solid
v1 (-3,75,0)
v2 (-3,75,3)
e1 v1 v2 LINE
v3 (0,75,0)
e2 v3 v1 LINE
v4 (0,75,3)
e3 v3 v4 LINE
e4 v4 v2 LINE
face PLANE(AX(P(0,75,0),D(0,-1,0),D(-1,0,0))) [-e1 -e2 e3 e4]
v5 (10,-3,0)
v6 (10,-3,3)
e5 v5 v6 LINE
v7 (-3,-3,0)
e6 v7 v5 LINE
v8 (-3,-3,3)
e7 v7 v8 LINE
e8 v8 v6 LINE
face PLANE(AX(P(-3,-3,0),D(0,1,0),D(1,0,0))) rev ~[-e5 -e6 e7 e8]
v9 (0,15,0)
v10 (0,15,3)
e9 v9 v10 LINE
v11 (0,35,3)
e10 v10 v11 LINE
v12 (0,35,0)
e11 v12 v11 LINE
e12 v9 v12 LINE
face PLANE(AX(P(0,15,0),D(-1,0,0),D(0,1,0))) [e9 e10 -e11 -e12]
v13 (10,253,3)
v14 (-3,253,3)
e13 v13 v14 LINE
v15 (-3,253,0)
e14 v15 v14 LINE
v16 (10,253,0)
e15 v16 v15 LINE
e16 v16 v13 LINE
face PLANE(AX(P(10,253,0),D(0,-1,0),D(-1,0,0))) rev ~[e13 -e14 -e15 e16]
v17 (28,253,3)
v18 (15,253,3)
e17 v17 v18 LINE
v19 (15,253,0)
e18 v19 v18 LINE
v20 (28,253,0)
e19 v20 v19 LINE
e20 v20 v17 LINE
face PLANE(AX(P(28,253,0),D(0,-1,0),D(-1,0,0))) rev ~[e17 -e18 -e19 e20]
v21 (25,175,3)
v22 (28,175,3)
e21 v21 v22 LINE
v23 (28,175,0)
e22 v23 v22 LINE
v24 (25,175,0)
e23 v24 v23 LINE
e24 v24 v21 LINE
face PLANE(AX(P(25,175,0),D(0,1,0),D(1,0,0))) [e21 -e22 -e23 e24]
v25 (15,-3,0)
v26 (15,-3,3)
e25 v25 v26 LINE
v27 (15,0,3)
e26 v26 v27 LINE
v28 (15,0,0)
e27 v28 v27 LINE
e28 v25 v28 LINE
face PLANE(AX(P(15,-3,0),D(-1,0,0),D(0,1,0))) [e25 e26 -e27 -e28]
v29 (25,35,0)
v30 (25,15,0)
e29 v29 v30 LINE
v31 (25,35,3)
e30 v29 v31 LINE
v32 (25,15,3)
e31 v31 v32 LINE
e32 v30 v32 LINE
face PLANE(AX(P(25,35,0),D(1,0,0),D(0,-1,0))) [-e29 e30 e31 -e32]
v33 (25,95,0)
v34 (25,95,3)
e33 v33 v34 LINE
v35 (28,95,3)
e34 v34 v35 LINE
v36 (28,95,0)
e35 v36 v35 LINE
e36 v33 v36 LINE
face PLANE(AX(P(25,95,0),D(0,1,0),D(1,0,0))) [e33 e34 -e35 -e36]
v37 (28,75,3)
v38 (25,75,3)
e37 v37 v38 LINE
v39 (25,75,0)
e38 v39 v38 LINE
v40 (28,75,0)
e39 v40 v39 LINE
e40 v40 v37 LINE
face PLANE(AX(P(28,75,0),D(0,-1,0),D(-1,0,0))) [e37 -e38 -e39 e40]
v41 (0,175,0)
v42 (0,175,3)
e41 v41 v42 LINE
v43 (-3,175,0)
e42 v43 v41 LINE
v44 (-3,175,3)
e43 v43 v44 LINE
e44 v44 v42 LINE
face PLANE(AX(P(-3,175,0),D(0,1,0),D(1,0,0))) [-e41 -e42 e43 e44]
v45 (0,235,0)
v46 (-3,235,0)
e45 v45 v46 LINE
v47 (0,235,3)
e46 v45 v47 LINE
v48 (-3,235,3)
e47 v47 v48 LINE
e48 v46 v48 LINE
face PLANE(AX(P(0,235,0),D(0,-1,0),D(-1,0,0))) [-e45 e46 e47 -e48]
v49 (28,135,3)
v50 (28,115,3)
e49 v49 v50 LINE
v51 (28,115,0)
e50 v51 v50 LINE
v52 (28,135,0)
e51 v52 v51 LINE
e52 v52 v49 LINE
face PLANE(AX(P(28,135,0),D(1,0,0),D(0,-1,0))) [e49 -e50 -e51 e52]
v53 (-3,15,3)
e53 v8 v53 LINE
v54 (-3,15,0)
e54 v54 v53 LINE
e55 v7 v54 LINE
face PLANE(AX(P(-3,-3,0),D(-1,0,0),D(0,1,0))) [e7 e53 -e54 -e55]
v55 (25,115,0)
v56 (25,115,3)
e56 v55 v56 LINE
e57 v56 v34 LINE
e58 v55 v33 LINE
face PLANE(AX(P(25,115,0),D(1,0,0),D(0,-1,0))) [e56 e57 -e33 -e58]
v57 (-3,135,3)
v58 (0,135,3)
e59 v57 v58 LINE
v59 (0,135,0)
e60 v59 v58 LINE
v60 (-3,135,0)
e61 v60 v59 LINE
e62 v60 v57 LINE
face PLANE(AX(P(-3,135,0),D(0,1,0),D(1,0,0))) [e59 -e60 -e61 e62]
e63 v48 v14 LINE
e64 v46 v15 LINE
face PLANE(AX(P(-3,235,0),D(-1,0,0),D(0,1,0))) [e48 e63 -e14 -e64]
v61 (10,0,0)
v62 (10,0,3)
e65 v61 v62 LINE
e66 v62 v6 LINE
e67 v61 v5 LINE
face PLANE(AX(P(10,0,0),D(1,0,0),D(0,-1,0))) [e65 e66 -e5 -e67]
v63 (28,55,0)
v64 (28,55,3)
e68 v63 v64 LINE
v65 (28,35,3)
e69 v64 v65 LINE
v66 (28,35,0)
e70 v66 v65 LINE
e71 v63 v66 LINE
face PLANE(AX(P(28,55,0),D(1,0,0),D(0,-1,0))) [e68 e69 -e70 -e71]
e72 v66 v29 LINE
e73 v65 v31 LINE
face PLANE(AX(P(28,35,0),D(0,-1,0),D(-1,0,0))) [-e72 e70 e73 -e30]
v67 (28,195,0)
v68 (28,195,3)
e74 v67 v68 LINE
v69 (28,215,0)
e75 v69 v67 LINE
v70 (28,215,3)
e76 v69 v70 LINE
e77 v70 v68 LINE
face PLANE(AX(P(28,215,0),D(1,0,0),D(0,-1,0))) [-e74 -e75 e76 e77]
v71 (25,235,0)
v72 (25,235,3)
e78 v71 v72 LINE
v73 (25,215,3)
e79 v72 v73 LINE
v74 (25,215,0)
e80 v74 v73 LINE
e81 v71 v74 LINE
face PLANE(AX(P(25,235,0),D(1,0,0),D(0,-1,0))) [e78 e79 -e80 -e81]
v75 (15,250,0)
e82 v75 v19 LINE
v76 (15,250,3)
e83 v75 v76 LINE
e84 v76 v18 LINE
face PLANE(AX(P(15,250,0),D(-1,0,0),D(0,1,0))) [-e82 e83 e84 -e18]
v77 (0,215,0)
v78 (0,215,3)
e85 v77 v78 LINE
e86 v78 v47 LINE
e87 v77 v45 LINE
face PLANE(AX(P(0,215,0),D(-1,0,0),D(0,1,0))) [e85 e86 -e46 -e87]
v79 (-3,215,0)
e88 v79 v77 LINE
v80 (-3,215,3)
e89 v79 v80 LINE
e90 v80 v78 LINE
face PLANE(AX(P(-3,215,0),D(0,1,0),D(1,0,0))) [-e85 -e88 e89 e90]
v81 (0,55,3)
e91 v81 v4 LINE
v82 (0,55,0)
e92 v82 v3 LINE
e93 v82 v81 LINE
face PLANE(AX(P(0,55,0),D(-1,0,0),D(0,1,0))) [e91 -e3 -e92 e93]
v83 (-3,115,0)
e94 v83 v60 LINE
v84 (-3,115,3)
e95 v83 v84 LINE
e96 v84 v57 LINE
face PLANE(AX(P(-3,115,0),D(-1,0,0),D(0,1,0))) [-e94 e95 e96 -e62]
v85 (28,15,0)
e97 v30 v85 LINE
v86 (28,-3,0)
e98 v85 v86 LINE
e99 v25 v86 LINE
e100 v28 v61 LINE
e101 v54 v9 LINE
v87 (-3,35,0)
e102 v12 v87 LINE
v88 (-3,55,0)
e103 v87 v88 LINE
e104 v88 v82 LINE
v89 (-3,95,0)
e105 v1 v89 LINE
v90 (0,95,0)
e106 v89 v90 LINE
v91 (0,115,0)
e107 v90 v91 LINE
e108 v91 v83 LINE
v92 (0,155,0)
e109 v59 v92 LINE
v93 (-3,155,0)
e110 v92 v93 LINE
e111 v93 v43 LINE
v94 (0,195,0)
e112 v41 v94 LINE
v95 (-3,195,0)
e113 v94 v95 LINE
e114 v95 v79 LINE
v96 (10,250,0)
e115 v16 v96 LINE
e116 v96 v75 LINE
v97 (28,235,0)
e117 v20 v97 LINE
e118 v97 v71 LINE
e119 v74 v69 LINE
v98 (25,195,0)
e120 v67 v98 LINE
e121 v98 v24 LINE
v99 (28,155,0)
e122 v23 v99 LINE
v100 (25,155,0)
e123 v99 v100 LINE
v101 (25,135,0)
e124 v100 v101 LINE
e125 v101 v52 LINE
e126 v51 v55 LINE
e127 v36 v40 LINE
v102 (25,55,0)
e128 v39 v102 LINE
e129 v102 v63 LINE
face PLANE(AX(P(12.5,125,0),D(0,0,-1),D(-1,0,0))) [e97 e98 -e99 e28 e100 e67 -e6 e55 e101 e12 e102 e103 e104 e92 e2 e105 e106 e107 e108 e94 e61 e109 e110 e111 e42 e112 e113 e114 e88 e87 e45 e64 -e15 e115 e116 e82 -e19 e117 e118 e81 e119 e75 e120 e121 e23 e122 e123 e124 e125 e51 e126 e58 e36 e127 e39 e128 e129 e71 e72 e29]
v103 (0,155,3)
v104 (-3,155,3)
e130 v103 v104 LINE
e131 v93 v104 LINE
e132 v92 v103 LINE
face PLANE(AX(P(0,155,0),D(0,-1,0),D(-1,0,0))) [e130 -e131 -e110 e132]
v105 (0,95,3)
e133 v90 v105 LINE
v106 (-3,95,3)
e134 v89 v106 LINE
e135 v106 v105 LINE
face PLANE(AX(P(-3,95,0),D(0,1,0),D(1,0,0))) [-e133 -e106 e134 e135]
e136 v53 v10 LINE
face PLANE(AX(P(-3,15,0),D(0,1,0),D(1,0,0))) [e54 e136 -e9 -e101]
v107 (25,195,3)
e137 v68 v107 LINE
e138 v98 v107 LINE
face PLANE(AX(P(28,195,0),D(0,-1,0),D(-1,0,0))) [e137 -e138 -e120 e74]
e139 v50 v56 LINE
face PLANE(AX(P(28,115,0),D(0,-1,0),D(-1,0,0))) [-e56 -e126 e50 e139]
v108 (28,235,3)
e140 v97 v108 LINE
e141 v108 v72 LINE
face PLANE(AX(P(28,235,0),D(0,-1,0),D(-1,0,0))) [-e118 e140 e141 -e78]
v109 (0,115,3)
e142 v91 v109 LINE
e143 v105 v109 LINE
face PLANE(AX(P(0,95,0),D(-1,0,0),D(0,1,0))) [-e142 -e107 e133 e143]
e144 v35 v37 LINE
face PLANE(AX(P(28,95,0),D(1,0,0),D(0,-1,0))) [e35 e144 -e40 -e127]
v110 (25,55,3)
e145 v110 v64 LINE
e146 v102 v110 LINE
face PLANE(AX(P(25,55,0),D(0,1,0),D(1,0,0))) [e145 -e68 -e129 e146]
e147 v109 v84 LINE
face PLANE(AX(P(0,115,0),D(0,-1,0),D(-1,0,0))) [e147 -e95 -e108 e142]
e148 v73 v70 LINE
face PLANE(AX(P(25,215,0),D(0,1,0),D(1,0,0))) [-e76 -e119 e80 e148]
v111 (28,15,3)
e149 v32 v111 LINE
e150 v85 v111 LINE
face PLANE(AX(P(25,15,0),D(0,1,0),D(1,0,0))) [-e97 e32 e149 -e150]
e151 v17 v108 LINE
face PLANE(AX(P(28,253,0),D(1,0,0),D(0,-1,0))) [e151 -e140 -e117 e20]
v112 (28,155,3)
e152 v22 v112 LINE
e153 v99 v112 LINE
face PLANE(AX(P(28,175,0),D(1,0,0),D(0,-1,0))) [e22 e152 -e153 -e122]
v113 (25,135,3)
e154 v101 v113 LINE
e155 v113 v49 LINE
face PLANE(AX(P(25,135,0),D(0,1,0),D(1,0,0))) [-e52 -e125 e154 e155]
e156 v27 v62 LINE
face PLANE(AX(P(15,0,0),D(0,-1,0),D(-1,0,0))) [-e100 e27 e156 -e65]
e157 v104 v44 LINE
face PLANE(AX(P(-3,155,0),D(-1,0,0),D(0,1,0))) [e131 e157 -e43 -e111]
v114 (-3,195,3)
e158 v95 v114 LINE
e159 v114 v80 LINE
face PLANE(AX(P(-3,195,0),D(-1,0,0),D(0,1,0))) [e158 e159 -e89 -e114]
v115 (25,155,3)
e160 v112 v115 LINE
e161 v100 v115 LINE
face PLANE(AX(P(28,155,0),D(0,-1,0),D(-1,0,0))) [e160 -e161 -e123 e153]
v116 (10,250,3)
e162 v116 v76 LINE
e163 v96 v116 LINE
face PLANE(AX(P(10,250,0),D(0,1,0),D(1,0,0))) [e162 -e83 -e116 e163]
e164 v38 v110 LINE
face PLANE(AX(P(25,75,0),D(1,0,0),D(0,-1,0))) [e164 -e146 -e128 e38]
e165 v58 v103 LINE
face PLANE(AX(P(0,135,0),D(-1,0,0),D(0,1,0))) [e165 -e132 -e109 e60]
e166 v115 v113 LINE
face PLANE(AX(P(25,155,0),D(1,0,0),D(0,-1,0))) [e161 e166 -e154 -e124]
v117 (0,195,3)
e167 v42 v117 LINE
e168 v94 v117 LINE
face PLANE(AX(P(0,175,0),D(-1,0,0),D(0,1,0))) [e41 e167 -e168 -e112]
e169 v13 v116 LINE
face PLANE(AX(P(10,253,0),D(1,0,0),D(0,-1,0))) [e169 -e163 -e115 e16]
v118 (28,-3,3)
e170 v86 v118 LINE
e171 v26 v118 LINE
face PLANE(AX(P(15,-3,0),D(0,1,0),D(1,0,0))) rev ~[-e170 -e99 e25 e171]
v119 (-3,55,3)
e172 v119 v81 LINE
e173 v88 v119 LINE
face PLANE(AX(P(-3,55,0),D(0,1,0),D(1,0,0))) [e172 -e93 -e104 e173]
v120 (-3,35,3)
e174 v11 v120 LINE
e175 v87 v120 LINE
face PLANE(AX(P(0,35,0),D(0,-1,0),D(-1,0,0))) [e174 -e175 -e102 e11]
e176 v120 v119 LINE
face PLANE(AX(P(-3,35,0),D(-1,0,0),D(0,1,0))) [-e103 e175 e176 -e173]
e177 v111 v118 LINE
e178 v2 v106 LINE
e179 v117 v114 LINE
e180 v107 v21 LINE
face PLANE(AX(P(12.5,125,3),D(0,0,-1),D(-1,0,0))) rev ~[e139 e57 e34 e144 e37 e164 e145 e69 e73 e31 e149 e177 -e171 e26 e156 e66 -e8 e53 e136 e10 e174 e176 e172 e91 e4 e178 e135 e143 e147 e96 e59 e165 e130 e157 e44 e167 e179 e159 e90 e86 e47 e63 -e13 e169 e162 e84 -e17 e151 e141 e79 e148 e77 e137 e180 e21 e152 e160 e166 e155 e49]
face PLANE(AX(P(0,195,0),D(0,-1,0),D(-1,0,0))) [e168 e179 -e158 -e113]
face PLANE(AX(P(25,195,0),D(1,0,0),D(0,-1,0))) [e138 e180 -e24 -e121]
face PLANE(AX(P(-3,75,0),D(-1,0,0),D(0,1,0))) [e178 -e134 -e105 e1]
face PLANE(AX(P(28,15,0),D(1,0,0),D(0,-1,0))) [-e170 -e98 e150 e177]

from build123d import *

# Parameters (mm, degrees)
BOSS_EXTRUDE3_DEPTH = 3


with BuildPart() as part:
    # Sketch2 → Boss-Extrude3 (new body)
    with BuildSketch(Plane.XY):
        Polygon((10, 250), (15, 250), (15, 253), (25, 253), (28, 253), (28, 235), (25, 235), (25, 215), (28, 215), (28, 195), (25, 195), (25, 175), (28, 175), (28, 155), (25, 155), (25, 135), (28, 135), (28, 115), (25, 115), (25, 95), (28, 95), (28, 75), (25, 75), (25, 55), (28, 55), (28, 35), (25, 35), (25, 15), (28, 15), (28, -3), (25, -3), (15, -3), (15, 0), (10, 0), (10, -3), (0, -3), (-3, -3), (-3, 15), (0, 15), (0, 35), (-3, 35), (-3, 55), (0, 55), (0, 75), (-3, 75), (-3, 95), (0, 95), (0, 115), (-3, 115), (-3, 135), (0, 135), (0, 155), (-3, 155), (-3, 175), (0, 175), (0, 195), (-3, 195), (-3, 215), (0, 215), (0, 235), (-3, 235), (-3, 253), (0, 253), (10, 253), align=None)
    extrude(amount=BOSS_EXTRUDE3_DEPTH)


solid = part.part
